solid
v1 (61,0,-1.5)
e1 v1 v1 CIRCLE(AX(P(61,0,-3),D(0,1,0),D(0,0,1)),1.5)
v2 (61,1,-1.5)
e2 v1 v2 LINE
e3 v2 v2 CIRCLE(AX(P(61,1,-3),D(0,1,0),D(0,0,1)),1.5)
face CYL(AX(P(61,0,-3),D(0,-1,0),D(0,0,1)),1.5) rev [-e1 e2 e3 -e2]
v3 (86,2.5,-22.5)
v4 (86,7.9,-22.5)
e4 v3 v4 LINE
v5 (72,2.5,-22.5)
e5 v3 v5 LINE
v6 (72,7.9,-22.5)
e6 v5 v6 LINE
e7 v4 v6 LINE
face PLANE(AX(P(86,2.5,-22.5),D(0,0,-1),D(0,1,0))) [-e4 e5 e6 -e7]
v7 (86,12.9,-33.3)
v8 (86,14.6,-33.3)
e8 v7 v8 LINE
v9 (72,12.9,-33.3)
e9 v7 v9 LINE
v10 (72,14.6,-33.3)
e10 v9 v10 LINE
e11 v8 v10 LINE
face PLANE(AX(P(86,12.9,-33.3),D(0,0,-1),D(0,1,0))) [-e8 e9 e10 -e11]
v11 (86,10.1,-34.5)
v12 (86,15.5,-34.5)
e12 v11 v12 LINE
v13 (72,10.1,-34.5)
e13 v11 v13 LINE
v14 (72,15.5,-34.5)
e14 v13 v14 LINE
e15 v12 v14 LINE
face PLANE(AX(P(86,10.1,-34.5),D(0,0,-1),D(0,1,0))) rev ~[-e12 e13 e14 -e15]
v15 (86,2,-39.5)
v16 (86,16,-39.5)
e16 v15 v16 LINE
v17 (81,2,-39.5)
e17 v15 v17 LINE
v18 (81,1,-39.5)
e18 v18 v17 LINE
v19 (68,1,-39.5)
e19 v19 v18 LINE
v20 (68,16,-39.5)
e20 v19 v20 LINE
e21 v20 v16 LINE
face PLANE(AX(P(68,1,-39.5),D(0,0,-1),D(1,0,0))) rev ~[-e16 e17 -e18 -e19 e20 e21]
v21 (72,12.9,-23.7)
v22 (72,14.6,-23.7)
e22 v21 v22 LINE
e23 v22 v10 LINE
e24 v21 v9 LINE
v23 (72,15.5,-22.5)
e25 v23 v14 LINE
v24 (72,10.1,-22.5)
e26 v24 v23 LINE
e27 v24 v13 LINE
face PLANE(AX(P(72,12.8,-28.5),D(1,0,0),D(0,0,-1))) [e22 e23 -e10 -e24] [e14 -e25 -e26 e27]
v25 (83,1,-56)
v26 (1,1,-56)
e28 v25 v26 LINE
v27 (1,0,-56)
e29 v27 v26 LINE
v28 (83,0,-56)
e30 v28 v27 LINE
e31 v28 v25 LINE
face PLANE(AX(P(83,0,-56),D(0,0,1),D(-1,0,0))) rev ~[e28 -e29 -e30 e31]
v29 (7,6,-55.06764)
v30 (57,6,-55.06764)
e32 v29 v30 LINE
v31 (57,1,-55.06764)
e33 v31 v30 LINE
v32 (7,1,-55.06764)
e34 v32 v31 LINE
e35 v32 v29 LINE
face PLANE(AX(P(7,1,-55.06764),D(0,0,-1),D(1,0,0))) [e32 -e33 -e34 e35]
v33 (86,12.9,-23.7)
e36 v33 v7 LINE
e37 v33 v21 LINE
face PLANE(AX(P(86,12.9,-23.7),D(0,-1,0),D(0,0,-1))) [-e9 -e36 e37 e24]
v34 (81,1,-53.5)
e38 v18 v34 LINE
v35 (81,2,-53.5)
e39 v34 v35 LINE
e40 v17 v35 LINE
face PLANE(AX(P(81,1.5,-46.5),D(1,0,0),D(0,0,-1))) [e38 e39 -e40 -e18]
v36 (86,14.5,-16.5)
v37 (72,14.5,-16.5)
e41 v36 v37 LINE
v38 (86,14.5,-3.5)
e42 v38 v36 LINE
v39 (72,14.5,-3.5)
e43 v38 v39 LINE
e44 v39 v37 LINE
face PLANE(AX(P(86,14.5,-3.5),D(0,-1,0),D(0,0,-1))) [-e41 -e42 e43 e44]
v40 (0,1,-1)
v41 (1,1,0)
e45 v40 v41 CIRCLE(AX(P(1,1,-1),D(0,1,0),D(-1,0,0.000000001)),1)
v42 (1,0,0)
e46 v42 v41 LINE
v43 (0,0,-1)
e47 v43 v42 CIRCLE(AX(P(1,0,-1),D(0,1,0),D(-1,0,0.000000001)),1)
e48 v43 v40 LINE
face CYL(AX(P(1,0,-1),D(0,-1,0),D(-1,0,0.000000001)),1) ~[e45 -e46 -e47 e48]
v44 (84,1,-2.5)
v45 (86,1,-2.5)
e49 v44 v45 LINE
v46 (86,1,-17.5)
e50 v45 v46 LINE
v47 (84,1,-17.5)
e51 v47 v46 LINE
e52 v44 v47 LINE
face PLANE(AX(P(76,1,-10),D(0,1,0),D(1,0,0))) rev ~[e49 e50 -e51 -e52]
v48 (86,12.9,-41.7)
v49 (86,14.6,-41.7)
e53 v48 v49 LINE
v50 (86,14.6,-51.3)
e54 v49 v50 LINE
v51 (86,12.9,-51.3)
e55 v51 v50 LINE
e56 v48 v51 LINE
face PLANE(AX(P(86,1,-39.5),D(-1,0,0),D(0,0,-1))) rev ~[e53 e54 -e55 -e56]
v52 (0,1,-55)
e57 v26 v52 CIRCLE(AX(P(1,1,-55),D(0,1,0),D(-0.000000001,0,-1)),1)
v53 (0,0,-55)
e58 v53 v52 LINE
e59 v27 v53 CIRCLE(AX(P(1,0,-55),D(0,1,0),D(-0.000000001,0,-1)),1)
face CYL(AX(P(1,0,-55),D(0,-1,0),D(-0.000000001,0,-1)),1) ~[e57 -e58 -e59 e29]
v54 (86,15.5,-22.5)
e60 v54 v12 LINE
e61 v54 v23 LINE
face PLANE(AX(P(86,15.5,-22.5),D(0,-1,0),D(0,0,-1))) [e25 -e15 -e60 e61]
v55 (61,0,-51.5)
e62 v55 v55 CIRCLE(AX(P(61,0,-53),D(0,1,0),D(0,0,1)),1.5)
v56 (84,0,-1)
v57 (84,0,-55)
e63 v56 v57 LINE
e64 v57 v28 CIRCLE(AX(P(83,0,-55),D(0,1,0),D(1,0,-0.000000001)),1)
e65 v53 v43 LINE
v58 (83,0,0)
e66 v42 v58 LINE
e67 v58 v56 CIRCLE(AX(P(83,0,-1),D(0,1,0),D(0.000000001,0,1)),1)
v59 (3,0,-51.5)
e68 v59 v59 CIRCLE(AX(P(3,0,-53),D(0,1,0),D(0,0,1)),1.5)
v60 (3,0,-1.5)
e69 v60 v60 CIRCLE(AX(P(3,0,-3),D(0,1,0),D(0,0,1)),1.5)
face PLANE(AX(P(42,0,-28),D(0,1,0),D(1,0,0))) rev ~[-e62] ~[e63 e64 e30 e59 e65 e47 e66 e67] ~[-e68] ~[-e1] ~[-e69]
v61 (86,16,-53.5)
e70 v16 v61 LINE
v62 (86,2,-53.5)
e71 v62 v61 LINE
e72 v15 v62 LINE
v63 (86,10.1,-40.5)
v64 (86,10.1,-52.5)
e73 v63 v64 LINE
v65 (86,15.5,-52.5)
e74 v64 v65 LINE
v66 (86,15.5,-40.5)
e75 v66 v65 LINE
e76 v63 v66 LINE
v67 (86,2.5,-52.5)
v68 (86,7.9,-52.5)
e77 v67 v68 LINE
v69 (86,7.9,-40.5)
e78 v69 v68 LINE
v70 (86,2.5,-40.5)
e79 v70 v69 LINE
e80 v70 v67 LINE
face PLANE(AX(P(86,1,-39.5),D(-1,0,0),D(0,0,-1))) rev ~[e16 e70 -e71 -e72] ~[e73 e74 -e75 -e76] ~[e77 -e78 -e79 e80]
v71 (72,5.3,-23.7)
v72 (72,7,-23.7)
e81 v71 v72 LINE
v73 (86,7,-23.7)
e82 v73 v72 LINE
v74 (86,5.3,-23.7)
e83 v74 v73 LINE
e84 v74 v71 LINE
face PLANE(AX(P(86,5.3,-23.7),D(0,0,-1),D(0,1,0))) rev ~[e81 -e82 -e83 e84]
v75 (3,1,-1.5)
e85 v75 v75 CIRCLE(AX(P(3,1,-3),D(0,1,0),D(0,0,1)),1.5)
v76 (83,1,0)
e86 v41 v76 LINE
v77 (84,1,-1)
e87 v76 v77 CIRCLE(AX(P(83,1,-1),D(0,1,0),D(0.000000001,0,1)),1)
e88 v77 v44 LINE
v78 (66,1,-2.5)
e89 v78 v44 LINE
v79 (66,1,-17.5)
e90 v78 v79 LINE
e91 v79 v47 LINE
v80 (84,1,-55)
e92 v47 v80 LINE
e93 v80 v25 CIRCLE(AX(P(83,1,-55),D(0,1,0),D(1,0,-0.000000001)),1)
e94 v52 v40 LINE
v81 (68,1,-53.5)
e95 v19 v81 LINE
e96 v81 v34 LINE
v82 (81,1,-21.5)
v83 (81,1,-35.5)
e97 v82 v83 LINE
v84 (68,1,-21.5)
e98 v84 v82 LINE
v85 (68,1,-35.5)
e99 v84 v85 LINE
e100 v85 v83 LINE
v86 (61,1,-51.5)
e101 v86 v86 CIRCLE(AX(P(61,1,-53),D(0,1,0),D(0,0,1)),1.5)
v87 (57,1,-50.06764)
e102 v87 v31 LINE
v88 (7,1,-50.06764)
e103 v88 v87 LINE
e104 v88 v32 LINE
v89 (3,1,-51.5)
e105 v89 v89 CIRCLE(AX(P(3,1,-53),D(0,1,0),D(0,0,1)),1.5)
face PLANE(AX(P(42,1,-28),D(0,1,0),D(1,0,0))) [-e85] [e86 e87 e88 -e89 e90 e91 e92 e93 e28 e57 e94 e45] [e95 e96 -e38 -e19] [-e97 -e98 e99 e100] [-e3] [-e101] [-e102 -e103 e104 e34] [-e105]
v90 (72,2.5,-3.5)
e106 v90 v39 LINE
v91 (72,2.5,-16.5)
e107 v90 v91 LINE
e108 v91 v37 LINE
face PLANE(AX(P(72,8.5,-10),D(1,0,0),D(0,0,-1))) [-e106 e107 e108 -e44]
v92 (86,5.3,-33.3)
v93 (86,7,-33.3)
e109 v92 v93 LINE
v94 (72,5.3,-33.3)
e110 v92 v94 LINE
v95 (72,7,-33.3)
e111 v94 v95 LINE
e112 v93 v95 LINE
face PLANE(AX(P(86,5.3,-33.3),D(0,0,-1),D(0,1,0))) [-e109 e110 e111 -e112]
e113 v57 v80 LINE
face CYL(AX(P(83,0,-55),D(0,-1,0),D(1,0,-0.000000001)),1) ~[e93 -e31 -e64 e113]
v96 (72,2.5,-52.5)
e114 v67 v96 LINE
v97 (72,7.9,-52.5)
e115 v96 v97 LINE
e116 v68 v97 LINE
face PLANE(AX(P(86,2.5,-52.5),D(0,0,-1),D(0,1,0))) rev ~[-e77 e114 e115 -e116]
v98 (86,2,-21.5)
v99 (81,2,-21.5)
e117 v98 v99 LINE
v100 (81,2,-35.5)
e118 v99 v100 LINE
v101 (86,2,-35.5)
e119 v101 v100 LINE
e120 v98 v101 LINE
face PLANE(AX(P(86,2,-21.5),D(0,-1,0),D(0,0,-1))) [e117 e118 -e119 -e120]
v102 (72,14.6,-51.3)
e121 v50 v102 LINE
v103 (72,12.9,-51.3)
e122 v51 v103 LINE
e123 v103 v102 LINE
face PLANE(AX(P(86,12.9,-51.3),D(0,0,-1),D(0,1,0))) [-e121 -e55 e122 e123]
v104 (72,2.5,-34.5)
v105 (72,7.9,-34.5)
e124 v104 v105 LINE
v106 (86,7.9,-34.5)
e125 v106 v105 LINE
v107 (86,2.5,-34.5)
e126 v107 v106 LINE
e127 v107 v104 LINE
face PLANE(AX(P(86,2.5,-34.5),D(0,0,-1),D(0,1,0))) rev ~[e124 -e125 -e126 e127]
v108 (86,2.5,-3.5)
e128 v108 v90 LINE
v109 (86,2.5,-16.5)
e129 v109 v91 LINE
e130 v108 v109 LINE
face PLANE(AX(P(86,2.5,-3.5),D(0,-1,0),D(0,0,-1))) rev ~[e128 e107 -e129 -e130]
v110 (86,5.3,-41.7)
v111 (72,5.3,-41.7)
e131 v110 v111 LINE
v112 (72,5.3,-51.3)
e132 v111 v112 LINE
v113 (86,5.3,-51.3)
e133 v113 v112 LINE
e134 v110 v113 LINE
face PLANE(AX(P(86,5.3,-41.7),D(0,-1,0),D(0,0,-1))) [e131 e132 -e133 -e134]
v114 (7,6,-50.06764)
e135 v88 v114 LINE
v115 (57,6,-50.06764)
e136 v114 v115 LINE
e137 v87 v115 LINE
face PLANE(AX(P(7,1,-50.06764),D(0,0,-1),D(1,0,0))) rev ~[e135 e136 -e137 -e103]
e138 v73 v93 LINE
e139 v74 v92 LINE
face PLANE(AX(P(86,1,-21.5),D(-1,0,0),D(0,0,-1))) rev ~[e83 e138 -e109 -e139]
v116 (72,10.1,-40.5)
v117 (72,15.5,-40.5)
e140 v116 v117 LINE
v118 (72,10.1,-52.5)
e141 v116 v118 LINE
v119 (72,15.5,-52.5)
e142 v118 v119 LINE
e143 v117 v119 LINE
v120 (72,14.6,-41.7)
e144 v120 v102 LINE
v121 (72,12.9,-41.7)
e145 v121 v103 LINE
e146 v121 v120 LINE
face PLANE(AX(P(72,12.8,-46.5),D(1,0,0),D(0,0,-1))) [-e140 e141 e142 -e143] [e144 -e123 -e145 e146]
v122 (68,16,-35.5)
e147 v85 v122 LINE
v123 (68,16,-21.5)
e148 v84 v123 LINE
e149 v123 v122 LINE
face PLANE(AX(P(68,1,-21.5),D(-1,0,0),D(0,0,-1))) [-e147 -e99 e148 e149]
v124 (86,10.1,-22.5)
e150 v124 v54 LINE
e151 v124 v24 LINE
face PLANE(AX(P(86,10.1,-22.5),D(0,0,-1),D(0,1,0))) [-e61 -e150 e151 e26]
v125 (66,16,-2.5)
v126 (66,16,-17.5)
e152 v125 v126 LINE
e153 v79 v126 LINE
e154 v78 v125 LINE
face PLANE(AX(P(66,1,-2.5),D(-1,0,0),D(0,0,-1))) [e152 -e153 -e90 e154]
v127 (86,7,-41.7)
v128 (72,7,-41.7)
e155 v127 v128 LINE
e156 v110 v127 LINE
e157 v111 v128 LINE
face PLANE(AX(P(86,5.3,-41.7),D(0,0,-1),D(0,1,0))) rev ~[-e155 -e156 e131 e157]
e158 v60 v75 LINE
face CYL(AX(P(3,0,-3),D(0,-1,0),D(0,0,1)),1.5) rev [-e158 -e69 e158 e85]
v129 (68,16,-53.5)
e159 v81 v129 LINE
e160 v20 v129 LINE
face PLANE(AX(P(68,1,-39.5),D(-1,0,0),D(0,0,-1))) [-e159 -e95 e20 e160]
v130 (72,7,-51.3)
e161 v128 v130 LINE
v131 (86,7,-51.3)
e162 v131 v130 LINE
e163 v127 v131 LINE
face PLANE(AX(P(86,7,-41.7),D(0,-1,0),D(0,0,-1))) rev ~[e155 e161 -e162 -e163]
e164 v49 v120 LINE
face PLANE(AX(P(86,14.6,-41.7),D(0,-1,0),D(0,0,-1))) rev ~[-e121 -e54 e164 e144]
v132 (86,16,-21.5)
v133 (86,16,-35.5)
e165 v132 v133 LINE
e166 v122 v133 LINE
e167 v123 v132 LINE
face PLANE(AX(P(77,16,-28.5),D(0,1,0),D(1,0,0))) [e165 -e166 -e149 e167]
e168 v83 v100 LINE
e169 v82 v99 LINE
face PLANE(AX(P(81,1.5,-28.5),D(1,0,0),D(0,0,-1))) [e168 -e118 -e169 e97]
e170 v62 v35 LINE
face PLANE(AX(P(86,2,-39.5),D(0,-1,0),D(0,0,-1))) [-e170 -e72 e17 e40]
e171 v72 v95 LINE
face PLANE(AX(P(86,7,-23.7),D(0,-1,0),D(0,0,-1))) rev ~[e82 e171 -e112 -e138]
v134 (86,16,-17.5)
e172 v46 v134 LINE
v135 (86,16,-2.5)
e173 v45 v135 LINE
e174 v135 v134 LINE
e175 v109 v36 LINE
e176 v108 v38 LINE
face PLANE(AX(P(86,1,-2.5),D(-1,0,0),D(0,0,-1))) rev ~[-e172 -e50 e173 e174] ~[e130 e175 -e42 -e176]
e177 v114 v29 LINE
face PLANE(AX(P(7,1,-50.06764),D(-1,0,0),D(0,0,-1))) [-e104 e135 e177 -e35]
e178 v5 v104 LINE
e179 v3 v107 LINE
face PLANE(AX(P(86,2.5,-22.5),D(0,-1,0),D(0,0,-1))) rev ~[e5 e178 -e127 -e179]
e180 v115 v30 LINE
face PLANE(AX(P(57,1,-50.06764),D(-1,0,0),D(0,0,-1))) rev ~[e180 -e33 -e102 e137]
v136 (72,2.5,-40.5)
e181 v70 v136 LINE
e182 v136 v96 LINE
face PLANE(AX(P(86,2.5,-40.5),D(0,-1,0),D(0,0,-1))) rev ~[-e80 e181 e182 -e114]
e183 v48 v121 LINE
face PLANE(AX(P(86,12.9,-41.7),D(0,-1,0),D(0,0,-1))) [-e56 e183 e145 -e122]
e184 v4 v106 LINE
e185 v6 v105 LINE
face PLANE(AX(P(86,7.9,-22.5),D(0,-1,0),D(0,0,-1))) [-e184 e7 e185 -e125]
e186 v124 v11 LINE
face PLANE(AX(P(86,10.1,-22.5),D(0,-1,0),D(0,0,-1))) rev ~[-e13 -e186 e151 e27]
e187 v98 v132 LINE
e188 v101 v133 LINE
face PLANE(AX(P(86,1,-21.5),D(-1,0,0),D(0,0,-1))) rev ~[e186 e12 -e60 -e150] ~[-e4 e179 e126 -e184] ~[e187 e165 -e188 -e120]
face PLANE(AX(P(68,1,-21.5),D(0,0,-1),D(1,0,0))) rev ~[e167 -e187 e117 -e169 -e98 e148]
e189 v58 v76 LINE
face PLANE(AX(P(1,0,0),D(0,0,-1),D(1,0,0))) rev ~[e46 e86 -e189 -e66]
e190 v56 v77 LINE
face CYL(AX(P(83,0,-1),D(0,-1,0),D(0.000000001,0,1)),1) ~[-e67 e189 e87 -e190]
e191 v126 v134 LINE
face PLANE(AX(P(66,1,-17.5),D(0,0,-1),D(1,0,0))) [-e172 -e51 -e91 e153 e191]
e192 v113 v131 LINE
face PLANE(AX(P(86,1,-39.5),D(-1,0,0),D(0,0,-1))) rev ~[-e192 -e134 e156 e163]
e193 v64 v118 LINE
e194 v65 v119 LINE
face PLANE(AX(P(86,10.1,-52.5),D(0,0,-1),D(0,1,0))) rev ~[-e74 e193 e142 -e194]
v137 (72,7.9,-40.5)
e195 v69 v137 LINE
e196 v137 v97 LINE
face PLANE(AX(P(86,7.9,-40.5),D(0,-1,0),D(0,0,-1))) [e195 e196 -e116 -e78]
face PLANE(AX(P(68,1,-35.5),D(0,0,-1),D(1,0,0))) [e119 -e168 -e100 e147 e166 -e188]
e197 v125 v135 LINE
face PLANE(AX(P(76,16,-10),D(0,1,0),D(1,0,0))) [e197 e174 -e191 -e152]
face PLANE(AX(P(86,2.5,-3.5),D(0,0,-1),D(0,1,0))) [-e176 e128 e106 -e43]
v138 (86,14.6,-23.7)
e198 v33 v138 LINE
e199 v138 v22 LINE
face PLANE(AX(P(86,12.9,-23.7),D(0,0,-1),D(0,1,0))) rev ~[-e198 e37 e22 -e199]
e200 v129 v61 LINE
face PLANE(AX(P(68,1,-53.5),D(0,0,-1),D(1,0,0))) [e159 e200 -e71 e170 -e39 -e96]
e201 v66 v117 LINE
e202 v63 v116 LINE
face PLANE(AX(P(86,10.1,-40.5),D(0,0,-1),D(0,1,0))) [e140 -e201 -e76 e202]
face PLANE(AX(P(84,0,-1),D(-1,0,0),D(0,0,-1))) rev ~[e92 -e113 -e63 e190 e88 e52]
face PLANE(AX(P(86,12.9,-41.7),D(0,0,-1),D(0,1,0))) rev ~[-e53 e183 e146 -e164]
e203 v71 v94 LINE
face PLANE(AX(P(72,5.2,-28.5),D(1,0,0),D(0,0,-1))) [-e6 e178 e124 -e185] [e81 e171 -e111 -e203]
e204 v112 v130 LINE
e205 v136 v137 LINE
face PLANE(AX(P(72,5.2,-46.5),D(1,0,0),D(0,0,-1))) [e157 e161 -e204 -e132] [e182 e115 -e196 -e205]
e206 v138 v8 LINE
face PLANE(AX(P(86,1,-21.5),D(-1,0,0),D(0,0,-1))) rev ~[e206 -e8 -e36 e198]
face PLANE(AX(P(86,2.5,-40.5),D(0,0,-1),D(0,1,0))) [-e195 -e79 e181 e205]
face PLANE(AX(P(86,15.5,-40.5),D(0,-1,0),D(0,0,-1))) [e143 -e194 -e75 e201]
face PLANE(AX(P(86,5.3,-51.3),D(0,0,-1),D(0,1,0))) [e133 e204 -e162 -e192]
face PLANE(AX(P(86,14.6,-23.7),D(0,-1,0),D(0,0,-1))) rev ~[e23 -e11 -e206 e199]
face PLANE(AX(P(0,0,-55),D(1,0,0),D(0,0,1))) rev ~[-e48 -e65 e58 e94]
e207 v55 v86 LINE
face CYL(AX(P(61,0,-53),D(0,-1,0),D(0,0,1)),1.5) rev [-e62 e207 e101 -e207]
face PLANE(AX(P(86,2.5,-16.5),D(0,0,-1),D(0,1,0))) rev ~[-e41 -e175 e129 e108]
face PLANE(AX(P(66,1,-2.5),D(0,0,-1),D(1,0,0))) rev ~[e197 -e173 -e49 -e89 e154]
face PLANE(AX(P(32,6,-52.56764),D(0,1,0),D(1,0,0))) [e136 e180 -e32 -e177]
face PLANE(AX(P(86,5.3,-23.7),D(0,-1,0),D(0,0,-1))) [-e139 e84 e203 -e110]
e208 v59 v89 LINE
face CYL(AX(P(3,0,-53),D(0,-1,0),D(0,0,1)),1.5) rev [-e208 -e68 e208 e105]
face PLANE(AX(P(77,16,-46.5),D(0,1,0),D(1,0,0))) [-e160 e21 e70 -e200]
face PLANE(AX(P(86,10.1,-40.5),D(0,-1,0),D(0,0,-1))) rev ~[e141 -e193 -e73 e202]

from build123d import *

# Parameters (mm, degrees)
SKETCH_1_R          = 1.5
EXTRUDE_1_DEPTH     = 1
SKETCH_3_W          = 18
SKETCH_3_H          = 14
SKETCH_3_W_2        = 20
SKETCH_3_H_2        = 15
EXTRUDE_2_DEPTH     = 15
SKETCH_4_W          = 12
SKETCH_4_H          = 5.4
SKETCH_4_W_2        = 9.6
SKETCH_4_H_2        = 1.7
CUT_EXTRUDE_1_DEPTH = 14
SKETCH_5_W          = 13
SKETCH_5_H          = 12
CUT_EXTRUDE_2_DEPTH = 14
SKETCH_2_W          = 50
SKETCH_2_H          = 5
EXTRUDE_3_DEPTH     = 5
SKETCH_7_W          = 14
SKETCH_7_H          = 1
CUT_EXTRUDE_5_DEPTH = 5


with BuildPart() as part:
    # Эскиз1 → Бобышка-Вытянуть1 (new body)
    with BuildSketch(Plane(origin=(0, 0, 0), x_dir=(1, 0, 0), z_dir=(0, 1, 0))):
        with BuildLine():
            Line((1, 0), (83, 0))
            ThreePointArc((83, 0), (83.707106781, 0.292893219), (84, 1))
            Line((84, 1), (84, 55))
            ThreePointArc((84, 55), (83.707106781, 55.707106781), (83, 56))
            Line((83, 56), (1, 56))
            ThreePointArc((1, 56), (0.292893219, 55.707106781), (0, 55))
            Line((0, 55), (0, 1))
            ThreePointArc((0, 1), (0.292893219, 0.292893219), (1, 0))
        make_face()
        with Locations(Location((3, 53, 0), (0, 0, 270))):
            Circle(SKETCH_1_R, mode=Mode.SUBTRACT)
        with Locations(Location((61, 53, 0), (0, 0, 270))):
            Circle(SKETCH_1_R, mode=Mode.SUBTRACT)
        with Locations(Location((61, 3, 0), (0, 0, 270))):
            Circle(SKETCH_1_R, mode=Mode.SUBTRACT)
        with Locations(Location((3, 3, 0), (0, 0, 270))):
            Circle(SKETCH_1_R, mode=Mode.SUBTRACT)
    extrude(amount=EXTRUDE_1_DEPTH)

    # Эскиз3 → Бобышка-Вытянуть2 (add)
    with BuildSketch(Plane(origin=(0, 1, 0), x_dir=(1, 0, 0), z_dir=(0, 1, 0))):
        with Locations((77, 28.5)):
            Rectangle(SKETCH_3_W, SKETCH_3_H)
        with Locations((76, 10)):
            Rectangle(SKETCH_3_W_2, SKETCH_3_H_2)
        with Locations((77, 46.5)):
            Rectangle(SKETCH_3_W, SKETCH_3_H)
    extrude(amount=EXTRUDE_2_DEPTH)

    # Эскиз4 → Вырез-Вытянуть1 (cut)
    # profile 1 of 4: a face of its own
    with BuildSketch(Plane(origin=(86, 0, 0), x_dir=(0, 0, -1), z_dir=(1, 0, 0))):
        with Locations((46.5, 12.8)):
            Rectangle(SKETCH_4_W, SKETCH_4_H)
        with Locations((46.5, 13.75)):
            Rectangle(SKETCH_4_W_2, SKETCH_4_H_2, mode=Mode.SUBTRACT)
    # profile 2 of 4: a face of its own
    with BuildSketch(Plane(origin=(86, 0, 0), x_dir=(0, 0, -1), z_dir=(1, 0, 0))):
        with Locations((46.5, 5.2)):
            Rectangle(SKETCH_4_W, SKETCH_4_H)
        with Locations((46.5, 6.15)):
            Rectangle(SKETCH_4_W_2, SKETCH_4_H_2, mode=Mode.SUBTRACT)
    # profile 3 of 4: a face of its own
    with BuildSketch(Plane(origin=(86, 0, 0), x_dir=(0, 0, -1), z_dir=(1, 0, 0))):
        with Locations((28.5, 5.2)):
            Rectangle(SKETCH_4_W, SKETCH_4_H)
        with Locations((28.5, 6.15)):
            Rectangle(SKETCH_4_W_2, SKETCH_4_H_2, mode=Mode.SUBTRACT)
    # profile 4 of 4: a face of its own
    with BuildSketch(Plane(origin=(86, 0, 0), x_dir=(0, 0, -1), z_dir=(1, 0, 0))):
        with Locations((28.5, 12.8)):
            Rectangle(SKETCH_4_W, SKETCH_4_H)
        with Locations((28.5, 13.75)):
            Rectangle(SKETCH_4_W_2, SKETCH_4_H_2, mode=Mode.SUBTRACT)
    extrude(amount=-CUT_EXTRUDE_1_DEPTH, mode=Mode.SUBTRACT)

    # Эскиз5 → Вырез-Вытянуть2 (cut)
    with BuildSketch(Plane(origin=(86, 0, 0), x_dir=(0, 0, -1), z_dir=(1, 0, 0))):
        with Locations((10, 8.5)):
            Rectangle(SKETCH_5_W, SKETCH_5_H)
    extrude(amount=-CUT_EXTRUDE_2_DEPTH, mode=Mode.SUBTRACT)

    # Эскиз2 → Бобышка-Вытянуть3 (add)
    with BuildSketch(Plane(origin=(0, 1, 0), x_dir=(1, 0, 0), z_dir=(0, 1, 0))):
        with Locations((32, 52.567639547)):
            Rectangle(SKETCH_2_W, SKETCH_2_H)
    extrude(amount=EXTRUDE_3_DEPTH)

    # Эскиз7 → Вырез-Вытянуть5 (cut)
    with BuildSketch(Plane(origin=(86, 0, 0), x_dir=(0, 0, -1), z_dir=(1, 0, 0))):
        with Locations((28.5, 1.5)):
            Rectangle(SKETCH_7_W, SKETCH_7_H)
        with Locations((46.5, 1.5)):
            Rectangle(SKETCH_7_W, SKETCH_7_H)
    extrude(amount=-CUT_EXTRUDE_5_DEPTH, mode=Mode.SUBTRACT)


solid = part.part
